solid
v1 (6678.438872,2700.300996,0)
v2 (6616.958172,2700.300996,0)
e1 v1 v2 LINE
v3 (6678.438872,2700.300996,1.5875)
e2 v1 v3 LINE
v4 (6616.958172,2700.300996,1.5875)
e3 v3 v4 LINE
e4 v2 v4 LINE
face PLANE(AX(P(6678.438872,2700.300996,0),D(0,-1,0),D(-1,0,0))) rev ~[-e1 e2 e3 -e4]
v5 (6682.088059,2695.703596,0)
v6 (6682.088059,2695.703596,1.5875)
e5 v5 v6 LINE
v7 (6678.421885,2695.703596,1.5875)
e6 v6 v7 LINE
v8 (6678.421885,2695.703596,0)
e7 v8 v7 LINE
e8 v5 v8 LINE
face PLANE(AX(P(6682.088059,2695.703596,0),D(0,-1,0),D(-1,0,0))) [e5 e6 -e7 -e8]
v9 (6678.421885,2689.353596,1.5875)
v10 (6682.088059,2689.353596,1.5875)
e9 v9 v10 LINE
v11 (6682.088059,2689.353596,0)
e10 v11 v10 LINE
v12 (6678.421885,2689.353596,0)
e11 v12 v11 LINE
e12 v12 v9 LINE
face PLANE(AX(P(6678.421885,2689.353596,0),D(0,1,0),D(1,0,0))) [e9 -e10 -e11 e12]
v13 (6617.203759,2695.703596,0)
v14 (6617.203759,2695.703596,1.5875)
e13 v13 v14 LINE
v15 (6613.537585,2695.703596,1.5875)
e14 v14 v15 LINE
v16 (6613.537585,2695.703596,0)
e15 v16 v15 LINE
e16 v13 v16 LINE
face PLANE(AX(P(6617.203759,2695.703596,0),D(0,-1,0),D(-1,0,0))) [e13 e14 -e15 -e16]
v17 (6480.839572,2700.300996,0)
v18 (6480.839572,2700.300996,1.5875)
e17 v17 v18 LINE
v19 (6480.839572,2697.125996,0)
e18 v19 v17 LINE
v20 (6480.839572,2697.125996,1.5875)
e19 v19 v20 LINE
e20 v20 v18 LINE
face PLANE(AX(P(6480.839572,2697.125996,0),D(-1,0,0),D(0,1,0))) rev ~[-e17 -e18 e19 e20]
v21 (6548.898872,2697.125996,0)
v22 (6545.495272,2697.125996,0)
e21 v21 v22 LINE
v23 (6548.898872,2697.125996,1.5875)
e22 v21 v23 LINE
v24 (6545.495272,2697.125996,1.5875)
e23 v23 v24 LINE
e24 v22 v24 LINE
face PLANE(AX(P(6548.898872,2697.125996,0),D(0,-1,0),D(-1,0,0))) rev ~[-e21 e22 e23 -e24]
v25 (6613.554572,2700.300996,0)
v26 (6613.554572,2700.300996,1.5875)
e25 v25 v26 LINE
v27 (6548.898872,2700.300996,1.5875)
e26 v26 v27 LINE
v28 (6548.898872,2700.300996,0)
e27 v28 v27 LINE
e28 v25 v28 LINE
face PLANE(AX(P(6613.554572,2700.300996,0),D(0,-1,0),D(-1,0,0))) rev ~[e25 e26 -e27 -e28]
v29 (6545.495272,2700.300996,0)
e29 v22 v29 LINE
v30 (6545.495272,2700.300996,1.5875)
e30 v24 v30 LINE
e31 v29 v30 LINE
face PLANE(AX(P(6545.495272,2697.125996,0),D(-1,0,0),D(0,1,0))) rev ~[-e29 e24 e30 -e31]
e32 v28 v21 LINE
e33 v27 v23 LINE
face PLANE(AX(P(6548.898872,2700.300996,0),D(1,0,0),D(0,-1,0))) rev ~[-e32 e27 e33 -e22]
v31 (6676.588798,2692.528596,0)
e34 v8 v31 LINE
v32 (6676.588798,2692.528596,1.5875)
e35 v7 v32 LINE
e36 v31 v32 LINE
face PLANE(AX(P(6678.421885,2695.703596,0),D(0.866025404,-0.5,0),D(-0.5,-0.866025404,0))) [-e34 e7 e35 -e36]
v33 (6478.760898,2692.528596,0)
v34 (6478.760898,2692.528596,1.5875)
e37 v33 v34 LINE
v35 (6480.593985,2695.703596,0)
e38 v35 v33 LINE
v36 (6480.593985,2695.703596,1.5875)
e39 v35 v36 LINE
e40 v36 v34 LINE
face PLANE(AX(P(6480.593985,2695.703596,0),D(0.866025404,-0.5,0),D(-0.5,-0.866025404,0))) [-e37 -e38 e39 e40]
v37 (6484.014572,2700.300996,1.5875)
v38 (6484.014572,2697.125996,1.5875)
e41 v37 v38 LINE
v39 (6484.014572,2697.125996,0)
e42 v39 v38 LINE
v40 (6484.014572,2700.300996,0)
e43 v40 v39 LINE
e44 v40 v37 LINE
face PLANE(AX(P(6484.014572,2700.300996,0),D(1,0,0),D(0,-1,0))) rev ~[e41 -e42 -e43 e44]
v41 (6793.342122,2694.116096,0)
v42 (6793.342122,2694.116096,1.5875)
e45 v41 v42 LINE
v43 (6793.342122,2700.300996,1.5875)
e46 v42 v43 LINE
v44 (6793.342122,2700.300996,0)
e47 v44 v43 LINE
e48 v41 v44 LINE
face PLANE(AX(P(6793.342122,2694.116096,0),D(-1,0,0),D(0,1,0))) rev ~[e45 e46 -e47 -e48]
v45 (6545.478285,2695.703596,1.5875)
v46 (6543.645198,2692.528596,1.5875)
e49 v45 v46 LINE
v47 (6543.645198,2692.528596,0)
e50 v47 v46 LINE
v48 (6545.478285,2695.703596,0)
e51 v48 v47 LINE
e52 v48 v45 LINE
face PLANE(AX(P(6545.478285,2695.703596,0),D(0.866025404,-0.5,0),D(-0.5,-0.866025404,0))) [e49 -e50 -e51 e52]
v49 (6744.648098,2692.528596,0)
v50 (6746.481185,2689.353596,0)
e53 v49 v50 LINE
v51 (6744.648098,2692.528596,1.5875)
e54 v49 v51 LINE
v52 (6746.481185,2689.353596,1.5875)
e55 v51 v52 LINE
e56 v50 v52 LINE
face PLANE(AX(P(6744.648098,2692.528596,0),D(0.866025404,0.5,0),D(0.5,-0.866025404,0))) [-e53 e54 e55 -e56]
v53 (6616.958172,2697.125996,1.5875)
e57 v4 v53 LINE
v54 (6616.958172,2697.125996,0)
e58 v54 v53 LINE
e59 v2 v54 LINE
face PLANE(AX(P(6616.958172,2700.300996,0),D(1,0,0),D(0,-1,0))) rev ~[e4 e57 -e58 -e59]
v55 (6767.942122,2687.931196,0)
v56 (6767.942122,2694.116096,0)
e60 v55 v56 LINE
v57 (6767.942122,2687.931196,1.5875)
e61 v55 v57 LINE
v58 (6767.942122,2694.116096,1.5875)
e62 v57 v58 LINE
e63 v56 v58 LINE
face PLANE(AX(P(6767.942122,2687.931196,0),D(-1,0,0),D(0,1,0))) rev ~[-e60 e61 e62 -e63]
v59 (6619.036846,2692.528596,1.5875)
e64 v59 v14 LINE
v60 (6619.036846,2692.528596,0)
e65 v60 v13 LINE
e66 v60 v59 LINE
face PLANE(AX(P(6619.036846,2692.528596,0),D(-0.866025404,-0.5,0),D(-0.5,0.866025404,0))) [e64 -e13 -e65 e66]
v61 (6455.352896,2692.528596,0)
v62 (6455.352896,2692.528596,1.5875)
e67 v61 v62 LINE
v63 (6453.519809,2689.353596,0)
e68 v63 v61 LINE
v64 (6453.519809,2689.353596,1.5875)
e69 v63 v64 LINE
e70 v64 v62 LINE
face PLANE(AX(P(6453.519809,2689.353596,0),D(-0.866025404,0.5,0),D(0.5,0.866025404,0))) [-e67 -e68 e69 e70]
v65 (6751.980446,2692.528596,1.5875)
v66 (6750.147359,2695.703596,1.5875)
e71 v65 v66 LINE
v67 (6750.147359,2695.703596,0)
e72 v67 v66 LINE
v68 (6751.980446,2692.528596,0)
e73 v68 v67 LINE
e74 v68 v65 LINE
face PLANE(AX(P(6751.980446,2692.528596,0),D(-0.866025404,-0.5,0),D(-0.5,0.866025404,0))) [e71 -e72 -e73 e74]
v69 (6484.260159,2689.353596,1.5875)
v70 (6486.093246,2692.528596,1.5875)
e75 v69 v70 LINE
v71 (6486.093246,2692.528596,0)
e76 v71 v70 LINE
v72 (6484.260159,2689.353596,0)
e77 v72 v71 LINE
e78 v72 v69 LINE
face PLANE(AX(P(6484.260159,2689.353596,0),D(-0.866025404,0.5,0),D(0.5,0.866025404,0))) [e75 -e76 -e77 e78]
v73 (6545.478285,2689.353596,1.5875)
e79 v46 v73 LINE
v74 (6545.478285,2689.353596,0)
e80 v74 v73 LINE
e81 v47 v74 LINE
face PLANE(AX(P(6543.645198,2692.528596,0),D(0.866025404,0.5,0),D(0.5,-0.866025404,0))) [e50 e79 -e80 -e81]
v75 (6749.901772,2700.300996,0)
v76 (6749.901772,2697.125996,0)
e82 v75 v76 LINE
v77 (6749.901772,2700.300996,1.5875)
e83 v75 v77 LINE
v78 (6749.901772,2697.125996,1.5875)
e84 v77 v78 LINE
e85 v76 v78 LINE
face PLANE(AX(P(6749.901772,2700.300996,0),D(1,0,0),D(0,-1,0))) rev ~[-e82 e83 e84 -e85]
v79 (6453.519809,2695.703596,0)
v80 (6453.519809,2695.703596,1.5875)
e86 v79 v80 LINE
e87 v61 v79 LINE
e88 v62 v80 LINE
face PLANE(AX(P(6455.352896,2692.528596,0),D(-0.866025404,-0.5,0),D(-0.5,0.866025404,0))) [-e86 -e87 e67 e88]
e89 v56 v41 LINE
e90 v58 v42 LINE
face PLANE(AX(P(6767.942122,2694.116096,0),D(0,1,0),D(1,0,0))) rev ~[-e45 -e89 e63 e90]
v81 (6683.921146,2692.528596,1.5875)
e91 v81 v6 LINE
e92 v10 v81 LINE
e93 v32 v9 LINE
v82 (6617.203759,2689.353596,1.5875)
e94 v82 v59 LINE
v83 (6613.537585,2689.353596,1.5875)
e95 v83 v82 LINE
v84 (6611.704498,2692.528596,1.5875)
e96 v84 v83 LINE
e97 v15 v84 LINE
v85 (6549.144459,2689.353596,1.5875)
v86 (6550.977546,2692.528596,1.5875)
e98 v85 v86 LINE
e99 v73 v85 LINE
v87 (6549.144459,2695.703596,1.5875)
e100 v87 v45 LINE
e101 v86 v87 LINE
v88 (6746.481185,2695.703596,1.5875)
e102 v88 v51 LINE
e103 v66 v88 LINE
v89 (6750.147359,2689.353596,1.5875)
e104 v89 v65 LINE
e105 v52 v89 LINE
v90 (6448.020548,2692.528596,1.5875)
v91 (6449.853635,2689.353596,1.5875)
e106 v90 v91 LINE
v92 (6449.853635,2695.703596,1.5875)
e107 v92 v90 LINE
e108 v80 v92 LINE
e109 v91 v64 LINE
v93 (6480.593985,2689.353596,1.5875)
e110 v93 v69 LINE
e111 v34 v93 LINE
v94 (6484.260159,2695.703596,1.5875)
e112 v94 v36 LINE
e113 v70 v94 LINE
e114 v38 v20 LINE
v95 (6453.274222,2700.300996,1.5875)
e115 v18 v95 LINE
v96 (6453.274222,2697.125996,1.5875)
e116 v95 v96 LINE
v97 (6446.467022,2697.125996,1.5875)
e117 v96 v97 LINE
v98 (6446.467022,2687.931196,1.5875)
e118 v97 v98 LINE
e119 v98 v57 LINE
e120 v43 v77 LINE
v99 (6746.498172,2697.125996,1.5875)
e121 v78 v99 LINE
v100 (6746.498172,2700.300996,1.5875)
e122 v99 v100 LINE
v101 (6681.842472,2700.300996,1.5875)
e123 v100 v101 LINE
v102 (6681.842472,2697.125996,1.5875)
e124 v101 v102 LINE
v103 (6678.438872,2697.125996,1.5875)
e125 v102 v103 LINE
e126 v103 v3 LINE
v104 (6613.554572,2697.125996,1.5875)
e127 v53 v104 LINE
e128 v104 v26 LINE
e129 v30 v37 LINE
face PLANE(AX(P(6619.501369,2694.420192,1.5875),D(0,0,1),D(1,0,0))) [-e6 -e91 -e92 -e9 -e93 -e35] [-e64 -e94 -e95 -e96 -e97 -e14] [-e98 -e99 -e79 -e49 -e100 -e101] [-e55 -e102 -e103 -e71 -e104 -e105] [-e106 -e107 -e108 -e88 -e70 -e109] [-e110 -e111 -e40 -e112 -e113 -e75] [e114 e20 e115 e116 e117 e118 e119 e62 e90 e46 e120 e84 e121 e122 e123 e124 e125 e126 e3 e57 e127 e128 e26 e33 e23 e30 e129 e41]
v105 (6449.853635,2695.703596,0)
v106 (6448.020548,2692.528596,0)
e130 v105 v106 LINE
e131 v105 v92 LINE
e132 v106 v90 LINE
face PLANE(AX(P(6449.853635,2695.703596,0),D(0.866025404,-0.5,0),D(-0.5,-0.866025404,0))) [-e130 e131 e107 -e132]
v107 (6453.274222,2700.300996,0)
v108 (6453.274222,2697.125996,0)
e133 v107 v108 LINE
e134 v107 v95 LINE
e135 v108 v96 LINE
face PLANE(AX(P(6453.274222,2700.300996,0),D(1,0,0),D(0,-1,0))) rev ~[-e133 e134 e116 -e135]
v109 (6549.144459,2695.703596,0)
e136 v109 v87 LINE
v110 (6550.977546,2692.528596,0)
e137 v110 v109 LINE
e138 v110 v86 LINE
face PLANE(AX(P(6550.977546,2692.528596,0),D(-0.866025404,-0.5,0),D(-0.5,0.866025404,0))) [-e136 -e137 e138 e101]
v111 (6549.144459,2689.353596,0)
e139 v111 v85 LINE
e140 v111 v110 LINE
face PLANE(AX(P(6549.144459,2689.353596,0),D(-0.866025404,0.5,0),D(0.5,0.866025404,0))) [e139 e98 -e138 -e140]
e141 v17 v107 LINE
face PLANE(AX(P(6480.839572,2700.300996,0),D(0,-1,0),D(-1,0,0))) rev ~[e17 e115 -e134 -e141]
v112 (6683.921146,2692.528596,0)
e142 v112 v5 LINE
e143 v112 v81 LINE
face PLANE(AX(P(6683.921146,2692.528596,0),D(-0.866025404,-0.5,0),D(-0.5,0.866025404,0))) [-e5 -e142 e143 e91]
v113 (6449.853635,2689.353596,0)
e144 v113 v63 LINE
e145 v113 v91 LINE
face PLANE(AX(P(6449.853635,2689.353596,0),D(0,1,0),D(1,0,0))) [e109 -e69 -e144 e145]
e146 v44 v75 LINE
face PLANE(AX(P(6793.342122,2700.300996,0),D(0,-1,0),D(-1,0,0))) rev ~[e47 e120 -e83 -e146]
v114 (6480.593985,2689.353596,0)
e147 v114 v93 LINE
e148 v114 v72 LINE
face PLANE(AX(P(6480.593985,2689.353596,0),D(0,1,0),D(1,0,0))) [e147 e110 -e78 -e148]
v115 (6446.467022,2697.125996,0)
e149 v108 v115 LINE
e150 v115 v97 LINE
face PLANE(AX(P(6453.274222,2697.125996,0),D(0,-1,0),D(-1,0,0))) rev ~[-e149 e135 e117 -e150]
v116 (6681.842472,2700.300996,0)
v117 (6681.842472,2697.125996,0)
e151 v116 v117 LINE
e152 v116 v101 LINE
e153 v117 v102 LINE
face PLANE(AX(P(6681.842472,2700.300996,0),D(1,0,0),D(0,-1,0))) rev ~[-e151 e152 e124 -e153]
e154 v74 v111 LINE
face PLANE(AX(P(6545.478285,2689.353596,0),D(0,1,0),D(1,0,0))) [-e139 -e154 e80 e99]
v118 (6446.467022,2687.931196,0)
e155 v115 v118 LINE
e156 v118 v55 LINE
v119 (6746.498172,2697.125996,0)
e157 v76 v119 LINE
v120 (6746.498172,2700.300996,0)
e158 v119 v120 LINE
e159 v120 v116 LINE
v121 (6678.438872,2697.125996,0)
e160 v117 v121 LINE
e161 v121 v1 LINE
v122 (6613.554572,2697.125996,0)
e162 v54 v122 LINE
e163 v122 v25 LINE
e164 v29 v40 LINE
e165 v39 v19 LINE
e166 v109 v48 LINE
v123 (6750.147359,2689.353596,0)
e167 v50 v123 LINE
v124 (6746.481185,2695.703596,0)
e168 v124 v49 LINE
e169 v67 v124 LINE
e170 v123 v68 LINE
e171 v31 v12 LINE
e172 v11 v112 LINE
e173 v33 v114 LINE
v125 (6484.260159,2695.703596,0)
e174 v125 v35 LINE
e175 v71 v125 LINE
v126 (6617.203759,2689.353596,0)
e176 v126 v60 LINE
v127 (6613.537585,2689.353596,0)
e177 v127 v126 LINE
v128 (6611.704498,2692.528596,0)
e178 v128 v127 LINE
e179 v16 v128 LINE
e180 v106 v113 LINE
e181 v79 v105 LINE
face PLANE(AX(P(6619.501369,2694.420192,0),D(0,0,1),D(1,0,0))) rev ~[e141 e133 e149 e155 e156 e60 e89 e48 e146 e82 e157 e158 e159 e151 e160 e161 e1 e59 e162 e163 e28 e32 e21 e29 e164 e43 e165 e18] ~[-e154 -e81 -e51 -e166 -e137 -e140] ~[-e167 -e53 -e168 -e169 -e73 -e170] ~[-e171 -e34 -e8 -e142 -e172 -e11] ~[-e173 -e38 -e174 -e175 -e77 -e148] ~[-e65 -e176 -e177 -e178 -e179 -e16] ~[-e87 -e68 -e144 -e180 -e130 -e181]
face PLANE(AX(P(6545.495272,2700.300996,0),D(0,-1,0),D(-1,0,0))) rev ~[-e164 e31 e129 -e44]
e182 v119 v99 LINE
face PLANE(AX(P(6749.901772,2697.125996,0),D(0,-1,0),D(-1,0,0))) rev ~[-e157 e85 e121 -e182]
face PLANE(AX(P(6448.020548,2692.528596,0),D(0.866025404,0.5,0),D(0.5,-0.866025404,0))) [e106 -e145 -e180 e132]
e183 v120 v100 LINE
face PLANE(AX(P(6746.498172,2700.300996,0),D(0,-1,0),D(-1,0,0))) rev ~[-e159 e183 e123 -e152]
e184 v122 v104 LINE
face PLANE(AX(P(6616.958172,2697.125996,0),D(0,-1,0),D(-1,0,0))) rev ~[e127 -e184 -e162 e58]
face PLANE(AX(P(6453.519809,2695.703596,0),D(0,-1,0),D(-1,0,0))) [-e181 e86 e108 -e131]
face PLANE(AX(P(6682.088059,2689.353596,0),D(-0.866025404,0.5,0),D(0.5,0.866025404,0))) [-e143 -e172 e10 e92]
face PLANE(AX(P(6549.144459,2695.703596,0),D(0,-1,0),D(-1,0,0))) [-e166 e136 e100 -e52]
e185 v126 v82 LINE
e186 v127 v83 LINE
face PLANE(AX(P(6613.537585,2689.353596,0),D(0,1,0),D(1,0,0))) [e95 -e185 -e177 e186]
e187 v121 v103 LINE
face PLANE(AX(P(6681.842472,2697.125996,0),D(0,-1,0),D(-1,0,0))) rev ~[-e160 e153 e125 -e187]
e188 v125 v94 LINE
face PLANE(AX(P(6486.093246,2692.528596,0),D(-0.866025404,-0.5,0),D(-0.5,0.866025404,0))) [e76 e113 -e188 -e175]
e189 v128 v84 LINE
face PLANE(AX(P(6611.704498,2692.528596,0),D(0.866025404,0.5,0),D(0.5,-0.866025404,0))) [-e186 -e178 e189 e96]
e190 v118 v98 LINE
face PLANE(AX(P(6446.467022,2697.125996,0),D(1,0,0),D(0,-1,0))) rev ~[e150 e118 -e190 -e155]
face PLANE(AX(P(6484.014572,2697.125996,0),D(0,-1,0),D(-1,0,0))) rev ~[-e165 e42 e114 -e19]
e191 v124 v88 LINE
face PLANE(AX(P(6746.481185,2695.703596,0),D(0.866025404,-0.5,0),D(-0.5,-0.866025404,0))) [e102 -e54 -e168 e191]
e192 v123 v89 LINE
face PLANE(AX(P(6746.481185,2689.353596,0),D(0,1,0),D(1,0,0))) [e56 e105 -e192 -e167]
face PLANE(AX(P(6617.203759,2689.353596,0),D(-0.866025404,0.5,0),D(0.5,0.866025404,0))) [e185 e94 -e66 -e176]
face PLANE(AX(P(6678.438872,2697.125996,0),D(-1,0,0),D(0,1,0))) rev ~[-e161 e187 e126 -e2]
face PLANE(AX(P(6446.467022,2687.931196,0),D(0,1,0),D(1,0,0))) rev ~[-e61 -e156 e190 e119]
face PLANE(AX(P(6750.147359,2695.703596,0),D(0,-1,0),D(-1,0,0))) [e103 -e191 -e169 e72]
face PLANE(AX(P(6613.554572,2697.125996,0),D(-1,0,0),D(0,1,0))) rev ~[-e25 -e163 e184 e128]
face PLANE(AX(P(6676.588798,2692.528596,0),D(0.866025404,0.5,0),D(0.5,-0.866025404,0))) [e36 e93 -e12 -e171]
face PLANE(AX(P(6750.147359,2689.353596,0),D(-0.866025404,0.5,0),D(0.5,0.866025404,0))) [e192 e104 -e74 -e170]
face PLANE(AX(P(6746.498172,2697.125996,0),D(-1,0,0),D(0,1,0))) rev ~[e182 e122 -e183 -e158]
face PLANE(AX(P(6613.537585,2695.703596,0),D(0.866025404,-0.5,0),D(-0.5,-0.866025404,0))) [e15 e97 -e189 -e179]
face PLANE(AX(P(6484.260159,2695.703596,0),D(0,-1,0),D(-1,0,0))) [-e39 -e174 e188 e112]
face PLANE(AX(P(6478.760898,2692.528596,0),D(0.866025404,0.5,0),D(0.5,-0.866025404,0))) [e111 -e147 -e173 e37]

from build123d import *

# Parameters (mm, degrees)
BOSS_EXTRUDE1_DEPTH = 1.5875


with BuildPart() as part:
    # Sketch1 → Boss-Extrude1 (new body)
    with BuildSketch(Plane.XY):
        Polygon((6453.274222112, 2700.300995821), (6453.274222112, 2697.125995821), (6446.467022112, 2697.125995821), (6446.467022112, 2687.931195821), (6767.942122112, 2687.931195821), (6767.942122112, 2694.116095821), (6793.342122112, 2694.116095821), (6793.342122112, 2700.300995821), (6749.901772112, 2700.300995821), (6749.901772112, 2697.125995821), (6746.498172112, 2697.125995821), (6746.498172112, 2700.300995821), (6681.842472112, 2700.300995821), (6681.842472112, 2697.125995821), (6678.438872112, 2697.125995821), (6678.438872112, 2700.300995821), (6616.958172112, 2700.300995821), (6616.958172112, 2697.125995821), (6613.554572112, 2697.125995821), (6613.554572112, 2700.300995821), (6548.898872112, 2700.300995821), (6548.898872112, 2697.125995821), (6545.495272112, 2697.125995821), (6545.495272112, 2700.300995821), (6484.014572112, 2700.300995821), (6484.014572112, 2697.125995821), (6480.839572112, 2697.125995821), (6480.839572112, 2700.300995821), align=None)
        Polygon((6484.260159217, 2689.353595821), (6486.093246321, 2692.528595821), (6484.260159217, 2695.703595821), (6480.593985007, 2695.703595821), (6478.760897903, 2692.528595821), (6480.593985007, 2689.353595821), align=None, mode=Mode.SUBTRACT)
        Polygon((6549.144459217, 2689.353595821), (6550.977546321, 2692.528595821), (6549.144459217, 2695.703595821), (6545.478285007, 2695.703595821), (6543.645197903, 2692.528595821), (6545.478285007, 2689.353595821), align=None, mode=Mode.SUBTRACT)
        Polygon((6617.203759217, 2689.353595821), (6619.036846321, 2692.528595821), (6617.203759217, 2695.703595821), (6613.537585007, 2695.703595821), (6611.704497903, 2692.528595821), (6613.537585007, 2689.353595821), align=None, mode=Mode.SUBTRACT)
        Polygon((6682.088059217, 2689.353595821), (6683.921146321, 2692.528595821), (6682.088059217, 2695.703595821), (6678.421885007, 2695.703595821), (6676.588797903, 2692.528595821), (6678.421885007, 2689.353595821), align=None, mode=Mode.SUBTRACT)
        Polygon((6750.147359217, 2689.353595821), (6751.980446321, 2692.528595821), (6750.147359217, 2695.703595821), (6746.481185007, 2695.703595821), (6744.648097903, 2692.528595821), (6746.481185007, 2689.353595821), align=None, mode=Mode.SUBTRACT)
        Polygon((6453.519809217, 2689.353595821), (6455.352896321, 2692.528595821), (6453.519809217, 2695.703595821), (6449.853635007, 2695.703595821), (6448.020547903, 2692.528595821), (6449.853635007, 2689.353595821), align=None, mode=Mode.SUBTRACT)
    extrude(amount=BOSS_EXTRUDE1_DEPTH)


solid = part.part
